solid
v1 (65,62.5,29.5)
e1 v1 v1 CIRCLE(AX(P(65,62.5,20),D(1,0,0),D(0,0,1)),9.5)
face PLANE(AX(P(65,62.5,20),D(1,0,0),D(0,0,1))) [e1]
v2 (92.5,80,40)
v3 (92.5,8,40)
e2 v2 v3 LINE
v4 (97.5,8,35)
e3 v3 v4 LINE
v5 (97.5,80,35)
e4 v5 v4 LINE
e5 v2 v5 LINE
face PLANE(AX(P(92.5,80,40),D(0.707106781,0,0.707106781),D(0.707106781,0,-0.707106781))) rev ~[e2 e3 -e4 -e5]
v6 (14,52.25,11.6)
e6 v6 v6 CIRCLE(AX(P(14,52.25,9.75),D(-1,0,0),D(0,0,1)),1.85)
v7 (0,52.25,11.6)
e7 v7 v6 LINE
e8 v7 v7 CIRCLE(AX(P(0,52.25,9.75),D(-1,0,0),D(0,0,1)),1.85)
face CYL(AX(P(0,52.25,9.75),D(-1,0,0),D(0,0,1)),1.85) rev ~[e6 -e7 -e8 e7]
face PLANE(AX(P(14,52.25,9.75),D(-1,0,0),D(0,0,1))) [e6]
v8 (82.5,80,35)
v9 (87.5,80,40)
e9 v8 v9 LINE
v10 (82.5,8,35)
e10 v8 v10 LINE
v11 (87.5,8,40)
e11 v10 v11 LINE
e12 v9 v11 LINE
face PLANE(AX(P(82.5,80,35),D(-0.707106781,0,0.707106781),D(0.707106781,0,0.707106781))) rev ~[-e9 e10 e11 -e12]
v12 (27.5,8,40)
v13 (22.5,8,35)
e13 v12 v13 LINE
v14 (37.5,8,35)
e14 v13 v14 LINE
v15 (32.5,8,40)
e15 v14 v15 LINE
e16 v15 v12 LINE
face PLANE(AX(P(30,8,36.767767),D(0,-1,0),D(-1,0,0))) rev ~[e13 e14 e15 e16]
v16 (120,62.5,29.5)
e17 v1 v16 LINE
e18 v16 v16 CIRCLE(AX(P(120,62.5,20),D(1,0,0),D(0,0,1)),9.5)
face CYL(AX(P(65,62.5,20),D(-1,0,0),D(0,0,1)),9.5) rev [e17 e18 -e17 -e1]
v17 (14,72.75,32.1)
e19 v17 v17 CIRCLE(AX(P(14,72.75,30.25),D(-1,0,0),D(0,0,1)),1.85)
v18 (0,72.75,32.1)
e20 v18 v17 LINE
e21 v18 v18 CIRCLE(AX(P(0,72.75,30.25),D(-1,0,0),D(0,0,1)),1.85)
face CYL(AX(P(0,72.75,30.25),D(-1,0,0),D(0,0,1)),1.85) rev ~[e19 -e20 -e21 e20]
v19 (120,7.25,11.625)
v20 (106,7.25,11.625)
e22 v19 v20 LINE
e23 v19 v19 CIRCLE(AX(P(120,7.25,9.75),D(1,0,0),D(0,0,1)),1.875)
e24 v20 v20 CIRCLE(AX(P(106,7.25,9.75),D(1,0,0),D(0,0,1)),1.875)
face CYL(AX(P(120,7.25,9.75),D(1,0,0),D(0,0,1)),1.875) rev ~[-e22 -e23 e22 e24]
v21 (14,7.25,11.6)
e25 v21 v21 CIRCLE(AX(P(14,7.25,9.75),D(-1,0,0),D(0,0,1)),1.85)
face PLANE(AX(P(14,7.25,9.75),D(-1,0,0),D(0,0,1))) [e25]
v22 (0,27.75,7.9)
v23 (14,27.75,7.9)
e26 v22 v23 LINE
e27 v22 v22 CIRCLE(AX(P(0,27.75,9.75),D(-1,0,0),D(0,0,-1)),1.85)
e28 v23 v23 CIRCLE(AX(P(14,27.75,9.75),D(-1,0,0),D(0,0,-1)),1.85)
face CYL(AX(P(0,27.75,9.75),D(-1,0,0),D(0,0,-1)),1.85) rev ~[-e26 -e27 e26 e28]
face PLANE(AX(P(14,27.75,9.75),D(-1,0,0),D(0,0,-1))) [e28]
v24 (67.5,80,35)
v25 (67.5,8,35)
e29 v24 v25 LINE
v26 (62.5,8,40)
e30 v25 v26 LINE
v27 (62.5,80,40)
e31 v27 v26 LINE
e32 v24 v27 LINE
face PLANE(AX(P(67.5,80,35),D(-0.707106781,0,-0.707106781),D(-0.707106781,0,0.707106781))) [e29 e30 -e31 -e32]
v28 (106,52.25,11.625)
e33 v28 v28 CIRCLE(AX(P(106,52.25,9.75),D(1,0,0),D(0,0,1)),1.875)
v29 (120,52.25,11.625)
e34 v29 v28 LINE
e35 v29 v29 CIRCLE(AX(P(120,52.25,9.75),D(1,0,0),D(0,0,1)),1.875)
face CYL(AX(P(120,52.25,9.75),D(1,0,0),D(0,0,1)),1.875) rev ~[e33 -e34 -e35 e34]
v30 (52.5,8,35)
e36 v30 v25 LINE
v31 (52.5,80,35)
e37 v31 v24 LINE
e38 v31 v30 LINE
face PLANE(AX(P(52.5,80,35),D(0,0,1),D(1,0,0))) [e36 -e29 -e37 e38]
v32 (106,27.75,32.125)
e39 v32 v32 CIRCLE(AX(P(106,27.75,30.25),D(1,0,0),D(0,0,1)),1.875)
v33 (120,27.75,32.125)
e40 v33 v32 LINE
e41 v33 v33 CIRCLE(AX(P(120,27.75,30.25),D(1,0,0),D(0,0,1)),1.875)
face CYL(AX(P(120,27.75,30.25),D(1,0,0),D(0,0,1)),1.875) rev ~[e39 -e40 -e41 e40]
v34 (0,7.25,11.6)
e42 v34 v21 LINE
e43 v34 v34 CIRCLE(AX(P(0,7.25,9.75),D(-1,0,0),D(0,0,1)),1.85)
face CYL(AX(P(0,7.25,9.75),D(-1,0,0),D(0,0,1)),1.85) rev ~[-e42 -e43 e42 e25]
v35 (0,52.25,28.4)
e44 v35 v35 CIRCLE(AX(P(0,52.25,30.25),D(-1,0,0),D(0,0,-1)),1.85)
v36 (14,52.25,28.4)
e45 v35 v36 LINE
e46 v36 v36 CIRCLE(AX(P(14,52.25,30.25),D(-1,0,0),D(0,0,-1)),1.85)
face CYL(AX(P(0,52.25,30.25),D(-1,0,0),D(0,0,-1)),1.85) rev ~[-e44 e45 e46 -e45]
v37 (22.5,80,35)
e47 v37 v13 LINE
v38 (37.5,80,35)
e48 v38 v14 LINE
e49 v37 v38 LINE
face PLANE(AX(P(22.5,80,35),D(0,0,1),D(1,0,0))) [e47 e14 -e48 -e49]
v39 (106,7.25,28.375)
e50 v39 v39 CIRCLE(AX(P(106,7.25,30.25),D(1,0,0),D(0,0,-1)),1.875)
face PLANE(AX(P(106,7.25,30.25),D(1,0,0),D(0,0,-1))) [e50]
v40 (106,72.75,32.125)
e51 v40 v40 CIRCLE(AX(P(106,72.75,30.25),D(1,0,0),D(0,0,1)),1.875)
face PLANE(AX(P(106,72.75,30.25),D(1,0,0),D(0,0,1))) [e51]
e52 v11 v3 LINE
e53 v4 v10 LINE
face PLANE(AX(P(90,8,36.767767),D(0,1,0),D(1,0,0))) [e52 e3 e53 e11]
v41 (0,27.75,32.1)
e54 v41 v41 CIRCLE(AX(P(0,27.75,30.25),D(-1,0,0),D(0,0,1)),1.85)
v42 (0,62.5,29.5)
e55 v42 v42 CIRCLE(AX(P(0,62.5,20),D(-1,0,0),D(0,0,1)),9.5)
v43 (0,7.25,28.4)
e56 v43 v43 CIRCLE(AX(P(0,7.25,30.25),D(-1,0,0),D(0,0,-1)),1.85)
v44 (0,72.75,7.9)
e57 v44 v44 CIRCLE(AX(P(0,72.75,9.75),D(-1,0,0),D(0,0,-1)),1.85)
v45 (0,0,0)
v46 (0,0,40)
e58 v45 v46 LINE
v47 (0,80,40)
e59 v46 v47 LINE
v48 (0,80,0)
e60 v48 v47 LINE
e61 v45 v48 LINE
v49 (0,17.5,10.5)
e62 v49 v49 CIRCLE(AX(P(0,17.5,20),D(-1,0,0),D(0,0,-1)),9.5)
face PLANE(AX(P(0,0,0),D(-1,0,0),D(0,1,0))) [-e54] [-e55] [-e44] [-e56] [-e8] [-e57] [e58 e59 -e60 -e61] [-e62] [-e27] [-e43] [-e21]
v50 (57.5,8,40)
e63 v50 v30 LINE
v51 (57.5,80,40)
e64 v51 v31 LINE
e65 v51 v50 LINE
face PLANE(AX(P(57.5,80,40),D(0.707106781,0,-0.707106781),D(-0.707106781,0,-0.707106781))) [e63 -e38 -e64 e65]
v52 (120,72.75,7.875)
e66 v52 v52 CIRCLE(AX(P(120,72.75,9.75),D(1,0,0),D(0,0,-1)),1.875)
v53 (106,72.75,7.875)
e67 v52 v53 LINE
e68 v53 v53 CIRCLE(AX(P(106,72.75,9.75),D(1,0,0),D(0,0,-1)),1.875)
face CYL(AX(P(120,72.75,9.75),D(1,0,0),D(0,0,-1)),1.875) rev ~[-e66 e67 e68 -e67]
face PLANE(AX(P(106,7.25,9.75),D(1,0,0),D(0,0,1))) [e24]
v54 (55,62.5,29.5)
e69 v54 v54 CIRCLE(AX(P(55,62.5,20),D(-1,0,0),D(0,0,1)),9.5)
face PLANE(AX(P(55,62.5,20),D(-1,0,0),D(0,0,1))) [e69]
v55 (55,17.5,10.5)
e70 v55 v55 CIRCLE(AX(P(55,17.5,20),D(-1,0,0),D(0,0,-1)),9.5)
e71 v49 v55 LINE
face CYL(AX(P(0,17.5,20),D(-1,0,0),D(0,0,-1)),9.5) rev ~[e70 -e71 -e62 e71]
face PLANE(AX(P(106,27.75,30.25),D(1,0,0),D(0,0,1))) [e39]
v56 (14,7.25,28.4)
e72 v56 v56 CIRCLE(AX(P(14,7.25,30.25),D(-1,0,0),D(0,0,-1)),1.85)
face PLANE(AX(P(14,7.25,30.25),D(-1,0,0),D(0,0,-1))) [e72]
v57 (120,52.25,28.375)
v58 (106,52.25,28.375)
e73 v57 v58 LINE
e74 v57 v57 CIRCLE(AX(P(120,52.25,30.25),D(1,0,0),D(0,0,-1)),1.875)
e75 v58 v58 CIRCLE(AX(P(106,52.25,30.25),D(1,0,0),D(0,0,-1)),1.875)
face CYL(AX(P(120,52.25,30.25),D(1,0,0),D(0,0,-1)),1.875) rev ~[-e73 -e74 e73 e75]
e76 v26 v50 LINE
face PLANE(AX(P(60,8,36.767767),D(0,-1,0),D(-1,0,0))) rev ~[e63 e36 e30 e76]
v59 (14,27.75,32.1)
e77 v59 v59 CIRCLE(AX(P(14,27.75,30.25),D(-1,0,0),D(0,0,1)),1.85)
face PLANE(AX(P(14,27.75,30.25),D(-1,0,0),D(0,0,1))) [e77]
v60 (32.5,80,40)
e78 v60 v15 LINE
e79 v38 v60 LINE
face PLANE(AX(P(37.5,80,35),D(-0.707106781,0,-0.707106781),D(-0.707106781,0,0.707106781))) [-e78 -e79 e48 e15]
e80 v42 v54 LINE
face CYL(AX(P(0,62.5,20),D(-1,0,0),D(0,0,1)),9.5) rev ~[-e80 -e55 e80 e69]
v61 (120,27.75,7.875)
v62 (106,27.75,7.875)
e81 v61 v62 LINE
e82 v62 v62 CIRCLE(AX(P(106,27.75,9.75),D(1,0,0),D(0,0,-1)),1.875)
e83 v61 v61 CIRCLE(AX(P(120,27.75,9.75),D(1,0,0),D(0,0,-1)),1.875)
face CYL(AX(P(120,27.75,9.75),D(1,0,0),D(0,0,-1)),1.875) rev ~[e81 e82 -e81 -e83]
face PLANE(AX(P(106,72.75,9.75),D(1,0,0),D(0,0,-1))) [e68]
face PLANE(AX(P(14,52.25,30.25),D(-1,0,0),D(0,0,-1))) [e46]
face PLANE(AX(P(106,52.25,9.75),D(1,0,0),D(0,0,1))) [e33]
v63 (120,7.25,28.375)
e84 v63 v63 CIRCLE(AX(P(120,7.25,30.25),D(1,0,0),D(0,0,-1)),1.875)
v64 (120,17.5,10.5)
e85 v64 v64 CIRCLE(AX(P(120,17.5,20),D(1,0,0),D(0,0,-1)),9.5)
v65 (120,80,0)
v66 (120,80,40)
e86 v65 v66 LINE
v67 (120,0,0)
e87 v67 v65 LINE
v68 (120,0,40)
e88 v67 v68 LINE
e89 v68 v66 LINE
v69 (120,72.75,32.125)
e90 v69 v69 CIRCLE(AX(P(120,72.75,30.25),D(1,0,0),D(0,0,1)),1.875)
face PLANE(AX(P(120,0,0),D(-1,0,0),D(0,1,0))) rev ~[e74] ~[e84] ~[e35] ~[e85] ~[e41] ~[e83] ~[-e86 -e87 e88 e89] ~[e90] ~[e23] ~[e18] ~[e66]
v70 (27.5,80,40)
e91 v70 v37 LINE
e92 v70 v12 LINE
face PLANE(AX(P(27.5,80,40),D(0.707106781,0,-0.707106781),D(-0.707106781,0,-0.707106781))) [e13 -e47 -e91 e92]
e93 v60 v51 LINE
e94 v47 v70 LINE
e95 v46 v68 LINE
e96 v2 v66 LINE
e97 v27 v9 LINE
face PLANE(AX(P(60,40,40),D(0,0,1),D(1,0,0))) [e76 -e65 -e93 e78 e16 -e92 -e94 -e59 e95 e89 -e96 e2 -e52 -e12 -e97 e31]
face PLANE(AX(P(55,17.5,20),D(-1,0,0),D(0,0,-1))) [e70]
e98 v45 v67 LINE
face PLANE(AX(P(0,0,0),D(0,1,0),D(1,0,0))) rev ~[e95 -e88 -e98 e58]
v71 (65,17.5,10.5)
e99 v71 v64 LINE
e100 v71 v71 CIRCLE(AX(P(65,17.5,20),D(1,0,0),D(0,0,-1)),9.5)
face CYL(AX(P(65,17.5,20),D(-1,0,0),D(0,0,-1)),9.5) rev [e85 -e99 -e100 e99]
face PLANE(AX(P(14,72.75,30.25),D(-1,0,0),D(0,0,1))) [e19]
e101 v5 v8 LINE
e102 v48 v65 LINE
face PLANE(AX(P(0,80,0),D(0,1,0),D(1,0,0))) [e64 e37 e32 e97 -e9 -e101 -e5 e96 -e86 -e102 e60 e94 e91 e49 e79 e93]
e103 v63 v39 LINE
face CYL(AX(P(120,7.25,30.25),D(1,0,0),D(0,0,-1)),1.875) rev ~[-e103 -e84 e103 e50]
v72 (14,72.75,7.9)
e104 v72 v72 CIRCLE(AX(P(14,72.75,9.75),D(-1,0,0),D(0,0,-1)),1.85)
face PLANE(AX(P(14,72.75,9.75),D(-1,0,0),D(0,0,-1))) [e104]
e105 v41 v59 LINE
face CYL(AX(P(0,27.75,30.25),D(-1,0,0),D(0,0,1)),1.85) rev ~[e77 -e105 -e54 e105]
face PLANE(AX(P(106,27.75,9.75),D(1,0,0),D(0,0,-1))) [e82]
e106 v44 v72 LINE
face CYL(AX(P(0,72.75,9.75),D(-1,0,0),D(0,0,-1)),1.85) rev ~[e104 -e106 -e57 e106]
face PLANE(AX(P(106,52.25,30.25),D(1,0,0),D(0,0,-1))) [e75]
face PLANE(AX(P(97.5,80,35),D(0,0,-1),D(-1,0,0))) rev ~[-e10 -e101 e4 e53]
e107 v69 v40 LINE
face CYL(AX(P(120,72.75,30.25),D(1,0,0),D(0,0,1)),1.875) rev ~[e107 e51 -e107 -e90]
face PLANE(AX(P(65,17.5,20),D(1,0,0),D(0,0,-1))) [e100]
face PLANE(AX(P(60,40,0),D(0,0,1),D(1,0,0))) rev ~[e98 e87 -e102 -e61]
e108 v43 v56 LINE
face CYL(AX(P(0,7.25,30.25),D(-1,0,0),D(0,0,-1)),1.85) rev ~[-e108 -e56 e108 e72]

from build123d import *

# Parameters (mm, degrees)
SKETCH1_W                        = 120
SKETCH1_H                        = 80
BOSS_EXTRUDE1_DEPTH              = 40
SKETCH2_R                        = 1.85
LINEAR_BEARING_SCREW_CUTS_DEPTH  = 14
SKETCH3_R                        = 9.5
LINEAR_BEARINGS_HOLE_DEPTH       = 55
SKETCH4_R                        = 1.875
LINEAR_BEARING_SCREW_CUTS2_DEPTH = 14
LINEAR_BEARINGS_HOLE2_START      = -55
SKETCH5_R                        = 9.5
LINEAR_BEARINGS_HOLE2_DEPTH      = 55
CUT_EXTRUDE7_DEPTH               = 72


with BuildPart() as part:
    # Sketch1 → Boss-Extrude1 (new body)
    with BuildSketch(Plane.XY):
        with Locations((60, 40)):
            Rectangle(SKETCH1_W, SKETCH1_H)
    extrude(amount=BOSS_EXTRUDE1_DEPTH)

    # Sketch2 → linear-bearing-screw-cuts (cut)
    with BuildSketch(Plane.ZY):
        with Locations((30.25, 72.75)):
            Circle(SKETCH2_R)
        with Locations(Location((9.75, 72.75, 0), (0, 0, 180))):
            Circle(SKETCH2_R)
        with Locations(Location((30.25, 52.25, 0), (0, 0, 180))):
            Circle(SKETCH2_R)
        with Locations((9.75, 52.25)):
            Circle(SKETCH2_R)
        with Locations(Location((9.75, 27.75, 0), (0, 0, 180))):
            Circle(SKETCH2_R)
        with Locations((30.25, 27.75)):
            Circle(SKETCH2_R)
        with Locations(Location((30.25, 7.25, 0), (0, 0, 180))):
            Circle(SKETCH2_R)
        with Locations((9.75, 7.25)):
            Circle(SKETCH2_R)
    extrude(amount=-LINEAR_BEARING_SCREW_CUTS_DEPTH, mode=Mode.SUBTRACT)

    # Sketch3 → linear-bearings-hole (cut)
    with BuildSketch(Plane.ZY):
        with Locations((20, 62.5)):
            Circle(SKETCH3_R)
        with Locations(Location((20, 17.5, 0), (0, 0, 180))):
            Circle(SKETCH3_R)
    extrude(amount=-LINEAR_BEARINGS_HOLE_DEPTH, mode=Mode.SUBTRACT)

    # Sketch4 → linear-bearing-screw-cuts2 (cut)
    with BuildSketch(Plane(origin=(120, 0, 0), x_dir=(0, 0, -1), z_dir=(1, 0, 0))):
        with Locations((-9.75, 72.75)):
            Circle(SKETCH4_R)
        with Locations(Location((-30.25, 72.75, 0), (0, 0, 180))):
            Circle(SKETCH4_R)
        with Locations(Location((-9.75, 52.25, 0), (0, 0, 180))):
            Circle(SKETCH4_R)
        with Locations((-30.25, 52.25)):
            Circle(SKETCH4_R)
        with Locations(Location((-30.25, 27.75, 0), (0, 0, 180))):
            Circle(SKETCH4_R)
        with Locations((-9.75, 27.75)):
            Circle(SKETCH4_R)
        with Locations(Location((-9.75, 7.25, 0), (0, 0, 180))):
            Circle(SKETCH4_R)
        with Locations((-30.25, 7.25)):
            Circle(SKETCH4_R)
    extrude(amount=-LINEAR_BEARING_SCREW_CUTS2_DEPTH, mode=Mode.SUBTRACT)

    # Sketch5 → linear-bearings-hole2 (cut)
    with BuildSketch(Plane(origin=(120, 0, 0), x_dir=(0, 0, -1), z_dir=(1, 0, 0)).offset(LINEAR_BEARINGS_HOLE2_START)):
        with Locations(Location((-20, 62.5, 0), (0, 0, 180))):
            Circle(SKETCH5_R)
        with Locations((-20, 17.5)):
            Circle(SKETCH5_R)
    extrude(amount=LINEAR_BEARINGS_HOLE2_DEPTH, mode=Mode.SUBTRACT)

    # Sketch10 → Cut-Extrude7 (cut)
    with BuildSketch(Plane(origin=(0, 80, 0), x_dir=(1, 0, 0), z_dir=(0, 1, 0))):
        Polygon((92.5, -40), (97.5, -35), (82.5, -35), (87.5, -40), align=None)
        Polygon((67.5, -35), (62.5, -40), (57.5, -40), (52.5, -35), align=None)
        Polygon((37.5, -35), (32.5, -40), (27.5, -40), (22.5, -35), align=None)
    extrude(amount=-CUT_EXTRUDE7_DEPTH, mode=Mode.SUBTRACT)


solid = part.part
